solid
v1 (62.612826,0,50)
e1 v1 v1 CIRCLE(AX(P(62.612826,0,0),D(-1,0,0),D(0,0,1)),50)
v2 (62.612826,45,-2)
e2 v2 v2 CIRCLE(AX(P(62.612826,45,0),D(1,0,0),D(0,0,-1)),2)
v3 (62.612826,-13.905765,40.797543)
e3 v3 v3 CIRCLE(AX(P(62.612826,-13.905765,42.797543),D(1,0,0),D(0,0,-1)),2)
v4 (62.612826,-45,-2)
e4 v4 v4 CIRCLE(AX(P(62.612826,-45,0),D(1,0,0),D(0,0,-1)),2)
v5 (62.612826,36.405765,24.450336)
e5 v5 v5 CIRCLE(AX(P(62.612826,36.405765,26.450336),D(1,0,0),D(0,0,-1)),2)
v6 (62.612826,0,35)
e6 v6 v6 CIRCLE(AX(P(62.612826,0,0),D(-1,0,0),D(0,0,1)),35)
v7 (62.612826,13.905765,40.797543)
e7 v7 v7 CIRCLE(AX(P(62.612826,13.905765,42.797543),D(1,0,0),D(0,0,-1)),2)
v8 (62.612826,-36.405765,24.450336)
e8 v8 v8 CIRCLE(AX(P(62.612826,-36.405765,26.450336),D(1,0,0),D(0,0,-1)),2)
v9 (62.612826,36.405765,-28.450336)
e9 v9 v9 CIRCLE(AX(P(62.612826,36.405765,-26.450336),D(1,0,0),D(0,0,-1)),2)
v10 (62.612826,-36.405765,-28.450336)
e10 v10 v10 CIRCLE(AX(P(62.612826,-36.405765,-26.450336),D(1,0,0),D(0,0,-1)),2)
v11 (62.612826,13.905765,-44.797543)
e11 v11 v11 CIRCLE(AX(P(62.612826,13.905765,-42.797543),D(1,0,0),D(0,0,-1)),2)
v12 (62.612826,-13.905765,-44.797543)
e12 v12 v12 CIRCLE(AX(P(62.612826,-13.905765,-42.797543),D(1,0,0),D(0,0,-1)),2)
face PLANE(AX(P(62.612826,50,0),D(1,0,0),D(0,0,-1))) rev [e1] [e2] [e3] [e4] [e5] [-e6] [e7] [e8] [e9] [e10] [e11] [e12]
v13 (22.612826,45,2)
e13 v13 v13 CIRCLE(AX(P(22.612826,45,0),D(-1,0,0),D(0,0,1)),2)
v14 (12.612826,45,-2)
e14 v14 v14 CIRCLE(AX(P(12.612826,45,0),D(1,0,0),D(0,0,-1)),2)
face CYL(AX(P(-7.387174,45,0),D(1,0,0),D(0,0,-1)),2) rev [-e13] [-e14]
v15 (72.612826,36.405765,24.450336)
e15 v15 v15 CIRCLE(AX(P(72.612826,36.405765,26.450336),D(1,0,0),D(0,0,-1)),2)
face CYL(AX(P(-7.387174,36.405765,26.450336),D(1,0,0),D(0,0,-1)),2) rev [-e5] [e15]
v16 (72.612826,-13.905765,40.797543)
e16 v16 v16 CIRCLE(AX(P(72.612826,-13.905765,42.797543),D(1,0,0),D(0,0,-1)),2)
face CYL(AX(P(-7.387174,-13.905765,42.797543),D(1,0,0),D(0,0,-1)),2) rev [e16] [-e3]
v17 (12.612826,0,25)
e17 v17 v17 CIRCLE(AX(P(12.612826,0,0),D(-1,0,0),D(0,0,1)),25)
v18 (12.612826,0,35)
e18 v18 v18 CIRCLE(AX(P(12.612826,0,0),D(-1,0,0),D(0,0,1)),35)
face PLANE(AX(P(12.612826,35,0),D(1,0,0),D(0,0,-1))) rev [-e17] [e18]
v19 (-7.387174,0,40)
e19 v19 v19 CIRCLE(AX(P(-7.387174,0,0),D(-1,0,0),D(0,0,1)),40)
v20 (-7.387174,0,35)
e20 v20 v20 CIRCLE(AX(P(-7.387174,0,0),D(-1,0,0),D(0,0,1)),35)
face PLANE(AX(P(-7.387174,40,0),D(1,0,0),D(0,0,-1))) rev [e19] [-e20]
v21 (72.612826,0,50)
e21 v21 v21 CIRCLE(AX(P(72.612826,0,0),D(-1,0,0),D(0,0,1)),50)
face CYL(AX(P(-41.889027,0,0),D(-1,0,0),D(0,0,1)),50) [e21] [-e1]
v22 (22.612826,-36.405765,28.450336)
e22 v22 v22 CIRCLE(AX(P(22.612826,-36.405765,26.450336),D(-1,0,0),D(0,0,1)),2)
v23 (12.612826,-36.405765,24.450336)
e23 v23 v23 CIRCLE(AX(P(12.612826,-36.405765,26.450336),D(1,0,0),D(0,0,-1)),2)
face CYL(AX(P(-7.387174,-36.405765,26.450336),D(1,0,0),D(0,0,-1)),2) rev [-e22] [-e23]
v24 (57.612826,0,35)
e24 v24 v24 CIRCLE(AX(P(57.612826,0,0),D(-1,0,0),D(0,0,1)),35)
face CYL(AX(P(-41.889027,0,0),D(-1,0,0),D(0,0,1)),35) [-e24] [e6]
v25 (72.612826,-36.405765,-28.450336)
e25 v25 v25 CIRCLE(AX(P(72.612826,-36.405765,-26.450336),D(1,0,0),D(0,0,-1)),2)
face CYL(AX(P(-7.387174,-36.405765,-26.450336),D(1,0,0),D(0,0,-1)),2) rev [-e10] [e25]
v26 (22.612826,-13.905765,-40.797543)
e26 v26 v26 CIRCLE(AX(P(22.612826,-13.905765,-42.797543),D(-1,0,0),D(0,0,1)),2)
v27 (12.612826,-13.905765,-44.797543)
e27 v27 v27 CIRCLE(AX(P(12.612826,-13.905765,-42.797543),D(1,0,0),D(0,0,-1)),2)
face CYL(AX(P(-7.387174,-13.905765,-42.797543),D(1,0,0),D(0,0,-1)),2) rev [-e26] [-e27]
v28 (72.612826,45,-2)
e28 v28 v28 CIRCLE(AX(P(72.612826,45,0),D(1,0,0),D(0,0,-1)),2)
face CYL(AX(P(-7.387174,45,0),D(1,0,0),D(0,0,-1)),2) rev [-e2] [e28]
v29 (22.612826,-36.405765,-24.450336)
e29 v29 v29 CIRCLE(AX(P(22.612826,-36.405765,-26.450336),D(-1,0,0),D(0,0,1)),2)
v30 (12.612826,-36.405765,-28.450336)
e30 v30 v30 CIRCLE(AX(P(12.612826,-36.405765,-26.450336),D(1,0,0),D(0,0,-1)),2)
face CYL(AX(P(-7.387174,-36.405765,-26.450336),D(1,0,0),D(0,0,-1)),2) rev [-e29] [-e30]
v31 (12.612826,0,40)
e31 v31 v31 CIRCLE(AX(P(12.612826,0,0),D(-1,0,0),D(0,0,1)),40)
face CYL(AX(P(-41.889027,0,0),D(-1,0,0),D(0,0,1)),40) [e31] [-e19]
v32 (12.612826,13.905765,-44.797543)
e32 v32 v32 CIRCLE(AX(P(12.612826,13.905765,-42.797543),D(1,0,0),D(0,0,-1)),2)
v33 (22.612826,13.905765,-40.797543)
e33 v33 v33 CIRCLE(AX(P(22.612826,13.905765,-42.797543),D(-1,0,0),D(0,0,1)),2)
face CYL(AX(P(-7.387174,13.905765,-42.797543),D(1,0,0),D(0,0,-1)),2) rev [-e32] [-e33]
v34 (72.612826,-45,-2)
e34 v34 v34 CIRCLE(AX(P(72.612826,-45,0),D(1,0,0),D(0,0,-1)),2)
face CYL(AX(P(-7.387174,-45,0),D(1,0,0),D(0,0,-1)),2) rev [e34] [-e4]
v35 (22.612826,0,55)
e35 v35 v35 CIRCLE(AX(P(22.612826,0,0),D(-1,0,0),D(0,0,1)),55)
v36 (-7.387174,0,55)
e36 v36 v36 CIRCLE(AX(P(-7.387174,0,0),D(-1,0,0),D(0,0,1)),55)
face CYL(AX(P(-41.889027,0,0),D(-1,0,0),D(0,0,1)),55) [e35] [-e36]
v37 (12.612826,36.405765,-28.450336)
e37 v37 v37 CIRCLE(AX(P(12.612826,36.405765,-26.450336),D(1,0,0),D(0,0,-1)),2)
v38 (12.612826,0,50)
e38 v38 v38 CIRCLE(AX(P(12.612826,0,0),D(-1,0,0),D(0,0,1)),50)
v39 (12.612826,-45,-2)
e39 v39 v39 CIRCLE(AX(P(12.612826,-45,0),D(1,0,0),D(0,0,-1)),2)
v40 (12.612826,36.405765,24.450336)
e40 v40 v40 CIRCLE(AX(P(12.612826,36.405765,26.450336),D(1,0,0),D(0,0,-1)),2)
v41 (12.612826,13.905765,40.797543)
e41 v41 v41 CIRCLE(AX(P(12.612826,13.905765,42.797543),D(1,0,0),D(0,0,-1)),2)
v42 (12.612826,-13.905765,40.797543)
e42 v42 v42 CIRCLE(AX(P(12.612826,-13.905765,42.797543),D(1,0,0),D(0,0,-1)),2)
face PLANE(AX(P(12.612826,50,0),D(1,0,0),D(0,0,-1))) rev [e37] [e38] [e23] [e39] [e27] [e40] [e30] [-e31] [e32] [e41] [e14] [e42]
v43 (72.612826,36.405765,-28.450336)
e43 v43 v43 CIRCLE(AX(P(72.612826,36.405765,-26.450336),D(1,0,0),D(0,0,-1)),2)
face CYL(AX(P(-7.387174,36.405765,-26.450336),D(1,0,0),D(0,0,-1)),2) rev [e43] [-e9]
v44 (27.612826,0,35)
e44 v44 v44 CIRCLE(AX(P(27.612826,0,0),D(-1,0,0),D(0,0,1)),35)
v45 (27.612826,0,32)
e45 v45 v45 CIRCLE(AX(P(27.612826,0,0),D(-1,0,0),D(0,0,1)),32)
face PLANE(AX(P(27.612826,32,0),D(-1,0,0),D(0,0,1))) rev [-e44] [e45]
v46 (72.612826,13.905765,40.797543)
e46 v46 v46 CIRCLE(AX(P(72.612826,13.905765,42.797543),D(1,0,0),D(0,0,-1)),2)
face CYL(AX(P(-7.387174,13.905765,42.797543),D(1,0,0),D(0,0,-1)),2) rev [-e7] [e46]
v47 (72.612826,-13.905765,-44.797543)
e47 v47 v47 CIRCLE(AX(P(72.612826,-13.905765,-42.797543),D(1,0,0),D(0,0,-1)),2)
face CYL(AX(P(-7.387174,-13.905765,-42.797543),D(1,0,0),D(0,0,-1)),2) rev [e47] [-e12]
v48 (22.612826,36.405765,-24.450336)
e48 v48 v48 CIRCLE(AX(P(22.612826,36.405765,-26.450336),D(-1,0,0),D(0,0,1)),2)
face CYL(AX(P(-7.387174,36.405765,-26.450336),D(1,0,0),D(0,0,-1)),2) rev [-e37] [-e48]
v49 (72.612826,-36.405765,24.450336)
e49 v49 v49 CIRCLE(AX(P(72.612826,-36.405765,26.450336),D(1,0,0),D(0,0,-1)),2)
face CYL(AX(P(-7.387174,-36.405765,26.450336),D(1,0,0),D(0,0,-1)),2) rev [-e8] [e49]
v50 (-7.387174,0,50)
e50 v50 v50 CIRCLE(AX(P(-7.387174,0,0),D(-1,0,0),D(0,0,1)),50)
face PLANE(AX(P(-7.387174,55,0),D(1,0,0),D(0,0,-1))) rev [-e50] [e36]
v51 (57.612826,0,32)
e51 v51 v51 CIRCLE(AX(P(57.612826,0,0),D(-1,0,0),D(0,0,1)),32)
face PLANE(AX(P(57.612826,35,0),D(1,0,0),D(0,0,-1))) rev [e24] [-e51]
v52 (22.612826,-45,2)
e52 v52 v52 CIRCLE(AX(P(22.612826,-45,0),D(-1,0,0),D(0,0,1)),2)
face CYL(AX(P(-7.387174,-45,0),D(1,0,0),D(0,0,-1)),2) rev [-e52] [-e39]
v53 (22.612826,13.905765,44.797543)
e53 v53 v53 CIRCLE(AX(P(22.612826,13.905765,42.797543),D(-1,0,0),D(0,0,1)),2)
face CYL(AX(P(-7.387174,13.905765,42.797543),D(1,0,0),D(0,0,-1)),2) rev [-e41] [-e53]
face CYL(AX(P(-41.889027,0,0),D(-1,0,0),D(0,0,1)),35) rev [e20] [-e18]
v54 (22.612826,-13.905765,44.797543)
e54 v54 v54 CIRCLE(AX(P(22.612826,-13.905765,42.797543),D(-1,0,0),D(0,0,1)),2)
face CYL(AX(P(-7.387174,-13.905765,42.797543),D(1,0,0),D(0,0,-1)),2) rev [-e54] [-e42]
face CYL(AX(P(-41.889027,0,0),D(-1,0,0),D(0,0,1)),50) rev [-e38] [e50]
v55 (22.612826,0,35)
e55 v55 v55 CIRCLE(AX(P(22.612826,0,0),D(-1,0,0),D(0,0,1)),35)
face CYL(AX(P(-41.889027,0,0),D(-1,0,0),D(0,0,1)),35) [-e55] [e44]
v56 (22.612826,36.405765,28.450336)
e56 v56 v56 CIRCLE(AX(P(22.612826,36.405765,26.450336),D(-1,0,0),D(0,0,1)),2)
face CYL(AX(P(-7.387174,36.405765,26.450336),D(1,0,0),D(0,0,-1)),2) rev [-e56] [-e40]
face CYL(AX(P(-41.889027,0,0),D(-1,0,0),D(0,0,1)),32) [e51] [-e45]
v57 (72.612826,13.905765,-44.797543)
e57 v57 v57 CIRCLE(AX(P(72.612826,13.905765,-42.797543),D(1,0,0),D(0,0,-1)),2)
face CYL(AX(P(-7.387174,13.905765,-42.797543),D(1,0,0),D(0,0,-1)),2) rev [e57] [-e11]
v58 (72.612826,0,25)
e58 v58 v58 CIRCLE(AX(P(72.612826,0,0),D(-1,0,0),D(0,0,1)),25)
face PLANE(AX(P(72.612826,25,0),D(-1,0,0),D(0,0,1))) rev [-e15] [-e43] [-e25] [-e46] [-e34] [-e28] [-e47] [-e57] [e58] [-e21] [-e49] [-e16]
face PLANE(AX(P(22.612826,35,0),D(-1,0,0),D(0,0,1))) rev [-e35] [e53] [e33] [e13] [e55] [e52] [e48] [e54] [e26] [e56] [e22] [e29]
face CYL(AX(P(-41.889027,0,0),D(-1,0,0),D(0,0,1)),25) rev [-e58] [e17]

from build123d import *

# Parameters (mm, degrees)
SKETCH2_R          = 2
CUT_EXTRUDE1_DEPTH = 112.579568022


with BuildPart() as part:
    # Sketch1 → Revolve1 (revolve)
    with BuildSketch(Plane.XY, mode=Mode.PRIVATE) as revolve1_sk:
        Polygon((72.612826049, 25), (72.612826049, 50), (62.612826049, 50), (62.612826049, 35), (57.612826049, 35), (57.612826049, 32), (27.612826049, 32), (27.612826049, 35), (22.612826049, 35), (22.612826049, 55), (-7.387173951, 55), (-7.387173951, 50), (12.612826049, 50), (12.612826049, 40), (-7.387173951, 40), (-7.387173951, 35), (12.612826049, 35), (12.612826049, 25), align=None)
    revolve(revolve1_sk.sketch.rotate(Axis((-41.889027365, 0, 0), (1, 0, 0)), 90), axis=Axis((-41.889027365, 0, 0), (1, 0, 0)))

    # Sketch2 → Cut-Extrude1 (cut, through all)
    with BuildSketch(Plane(origin=(72.612826049, 0, 0), x_dir=(0, 0, -1), z_dir=(1, 0, 0))):
        with Locations((0, 45)):
            Circle(SKETCH2_R)
        with Locations((26.450336353, 36.405764747)):
            Circle(SKETCH2_R)
        with Locations((42.797543233, 13.905764747)):
            Circle(SKETCH2_R)
        with Locations((42.797543233, -13.905764747)):
            Circle(SKETCH2_R)
        with Locations((26.450336353, -36.405764747)):
            Circle(SKETCH2_R)
        with Locations((0, -45)):
            Circle(SKETCH2_R)
        with Locations((-26.450336353, -36.405764747)):
            Circle(SKETCH2_R)
        with Locations((-42.797543233, -13.905764747)):
            Circle(SKETCH2_R)
        with Locations((-42.797543233, 13.905764747)):
            Circle(SKETCH2_R)
        with Locations((-26.450336353, 36.405764747)):
            Circle(SKETCH2_R)
    extrude(amount=-CUT_EXTRUDE1_DEPTH, mode=Mode.SUBTRACT)


solid = part.part
